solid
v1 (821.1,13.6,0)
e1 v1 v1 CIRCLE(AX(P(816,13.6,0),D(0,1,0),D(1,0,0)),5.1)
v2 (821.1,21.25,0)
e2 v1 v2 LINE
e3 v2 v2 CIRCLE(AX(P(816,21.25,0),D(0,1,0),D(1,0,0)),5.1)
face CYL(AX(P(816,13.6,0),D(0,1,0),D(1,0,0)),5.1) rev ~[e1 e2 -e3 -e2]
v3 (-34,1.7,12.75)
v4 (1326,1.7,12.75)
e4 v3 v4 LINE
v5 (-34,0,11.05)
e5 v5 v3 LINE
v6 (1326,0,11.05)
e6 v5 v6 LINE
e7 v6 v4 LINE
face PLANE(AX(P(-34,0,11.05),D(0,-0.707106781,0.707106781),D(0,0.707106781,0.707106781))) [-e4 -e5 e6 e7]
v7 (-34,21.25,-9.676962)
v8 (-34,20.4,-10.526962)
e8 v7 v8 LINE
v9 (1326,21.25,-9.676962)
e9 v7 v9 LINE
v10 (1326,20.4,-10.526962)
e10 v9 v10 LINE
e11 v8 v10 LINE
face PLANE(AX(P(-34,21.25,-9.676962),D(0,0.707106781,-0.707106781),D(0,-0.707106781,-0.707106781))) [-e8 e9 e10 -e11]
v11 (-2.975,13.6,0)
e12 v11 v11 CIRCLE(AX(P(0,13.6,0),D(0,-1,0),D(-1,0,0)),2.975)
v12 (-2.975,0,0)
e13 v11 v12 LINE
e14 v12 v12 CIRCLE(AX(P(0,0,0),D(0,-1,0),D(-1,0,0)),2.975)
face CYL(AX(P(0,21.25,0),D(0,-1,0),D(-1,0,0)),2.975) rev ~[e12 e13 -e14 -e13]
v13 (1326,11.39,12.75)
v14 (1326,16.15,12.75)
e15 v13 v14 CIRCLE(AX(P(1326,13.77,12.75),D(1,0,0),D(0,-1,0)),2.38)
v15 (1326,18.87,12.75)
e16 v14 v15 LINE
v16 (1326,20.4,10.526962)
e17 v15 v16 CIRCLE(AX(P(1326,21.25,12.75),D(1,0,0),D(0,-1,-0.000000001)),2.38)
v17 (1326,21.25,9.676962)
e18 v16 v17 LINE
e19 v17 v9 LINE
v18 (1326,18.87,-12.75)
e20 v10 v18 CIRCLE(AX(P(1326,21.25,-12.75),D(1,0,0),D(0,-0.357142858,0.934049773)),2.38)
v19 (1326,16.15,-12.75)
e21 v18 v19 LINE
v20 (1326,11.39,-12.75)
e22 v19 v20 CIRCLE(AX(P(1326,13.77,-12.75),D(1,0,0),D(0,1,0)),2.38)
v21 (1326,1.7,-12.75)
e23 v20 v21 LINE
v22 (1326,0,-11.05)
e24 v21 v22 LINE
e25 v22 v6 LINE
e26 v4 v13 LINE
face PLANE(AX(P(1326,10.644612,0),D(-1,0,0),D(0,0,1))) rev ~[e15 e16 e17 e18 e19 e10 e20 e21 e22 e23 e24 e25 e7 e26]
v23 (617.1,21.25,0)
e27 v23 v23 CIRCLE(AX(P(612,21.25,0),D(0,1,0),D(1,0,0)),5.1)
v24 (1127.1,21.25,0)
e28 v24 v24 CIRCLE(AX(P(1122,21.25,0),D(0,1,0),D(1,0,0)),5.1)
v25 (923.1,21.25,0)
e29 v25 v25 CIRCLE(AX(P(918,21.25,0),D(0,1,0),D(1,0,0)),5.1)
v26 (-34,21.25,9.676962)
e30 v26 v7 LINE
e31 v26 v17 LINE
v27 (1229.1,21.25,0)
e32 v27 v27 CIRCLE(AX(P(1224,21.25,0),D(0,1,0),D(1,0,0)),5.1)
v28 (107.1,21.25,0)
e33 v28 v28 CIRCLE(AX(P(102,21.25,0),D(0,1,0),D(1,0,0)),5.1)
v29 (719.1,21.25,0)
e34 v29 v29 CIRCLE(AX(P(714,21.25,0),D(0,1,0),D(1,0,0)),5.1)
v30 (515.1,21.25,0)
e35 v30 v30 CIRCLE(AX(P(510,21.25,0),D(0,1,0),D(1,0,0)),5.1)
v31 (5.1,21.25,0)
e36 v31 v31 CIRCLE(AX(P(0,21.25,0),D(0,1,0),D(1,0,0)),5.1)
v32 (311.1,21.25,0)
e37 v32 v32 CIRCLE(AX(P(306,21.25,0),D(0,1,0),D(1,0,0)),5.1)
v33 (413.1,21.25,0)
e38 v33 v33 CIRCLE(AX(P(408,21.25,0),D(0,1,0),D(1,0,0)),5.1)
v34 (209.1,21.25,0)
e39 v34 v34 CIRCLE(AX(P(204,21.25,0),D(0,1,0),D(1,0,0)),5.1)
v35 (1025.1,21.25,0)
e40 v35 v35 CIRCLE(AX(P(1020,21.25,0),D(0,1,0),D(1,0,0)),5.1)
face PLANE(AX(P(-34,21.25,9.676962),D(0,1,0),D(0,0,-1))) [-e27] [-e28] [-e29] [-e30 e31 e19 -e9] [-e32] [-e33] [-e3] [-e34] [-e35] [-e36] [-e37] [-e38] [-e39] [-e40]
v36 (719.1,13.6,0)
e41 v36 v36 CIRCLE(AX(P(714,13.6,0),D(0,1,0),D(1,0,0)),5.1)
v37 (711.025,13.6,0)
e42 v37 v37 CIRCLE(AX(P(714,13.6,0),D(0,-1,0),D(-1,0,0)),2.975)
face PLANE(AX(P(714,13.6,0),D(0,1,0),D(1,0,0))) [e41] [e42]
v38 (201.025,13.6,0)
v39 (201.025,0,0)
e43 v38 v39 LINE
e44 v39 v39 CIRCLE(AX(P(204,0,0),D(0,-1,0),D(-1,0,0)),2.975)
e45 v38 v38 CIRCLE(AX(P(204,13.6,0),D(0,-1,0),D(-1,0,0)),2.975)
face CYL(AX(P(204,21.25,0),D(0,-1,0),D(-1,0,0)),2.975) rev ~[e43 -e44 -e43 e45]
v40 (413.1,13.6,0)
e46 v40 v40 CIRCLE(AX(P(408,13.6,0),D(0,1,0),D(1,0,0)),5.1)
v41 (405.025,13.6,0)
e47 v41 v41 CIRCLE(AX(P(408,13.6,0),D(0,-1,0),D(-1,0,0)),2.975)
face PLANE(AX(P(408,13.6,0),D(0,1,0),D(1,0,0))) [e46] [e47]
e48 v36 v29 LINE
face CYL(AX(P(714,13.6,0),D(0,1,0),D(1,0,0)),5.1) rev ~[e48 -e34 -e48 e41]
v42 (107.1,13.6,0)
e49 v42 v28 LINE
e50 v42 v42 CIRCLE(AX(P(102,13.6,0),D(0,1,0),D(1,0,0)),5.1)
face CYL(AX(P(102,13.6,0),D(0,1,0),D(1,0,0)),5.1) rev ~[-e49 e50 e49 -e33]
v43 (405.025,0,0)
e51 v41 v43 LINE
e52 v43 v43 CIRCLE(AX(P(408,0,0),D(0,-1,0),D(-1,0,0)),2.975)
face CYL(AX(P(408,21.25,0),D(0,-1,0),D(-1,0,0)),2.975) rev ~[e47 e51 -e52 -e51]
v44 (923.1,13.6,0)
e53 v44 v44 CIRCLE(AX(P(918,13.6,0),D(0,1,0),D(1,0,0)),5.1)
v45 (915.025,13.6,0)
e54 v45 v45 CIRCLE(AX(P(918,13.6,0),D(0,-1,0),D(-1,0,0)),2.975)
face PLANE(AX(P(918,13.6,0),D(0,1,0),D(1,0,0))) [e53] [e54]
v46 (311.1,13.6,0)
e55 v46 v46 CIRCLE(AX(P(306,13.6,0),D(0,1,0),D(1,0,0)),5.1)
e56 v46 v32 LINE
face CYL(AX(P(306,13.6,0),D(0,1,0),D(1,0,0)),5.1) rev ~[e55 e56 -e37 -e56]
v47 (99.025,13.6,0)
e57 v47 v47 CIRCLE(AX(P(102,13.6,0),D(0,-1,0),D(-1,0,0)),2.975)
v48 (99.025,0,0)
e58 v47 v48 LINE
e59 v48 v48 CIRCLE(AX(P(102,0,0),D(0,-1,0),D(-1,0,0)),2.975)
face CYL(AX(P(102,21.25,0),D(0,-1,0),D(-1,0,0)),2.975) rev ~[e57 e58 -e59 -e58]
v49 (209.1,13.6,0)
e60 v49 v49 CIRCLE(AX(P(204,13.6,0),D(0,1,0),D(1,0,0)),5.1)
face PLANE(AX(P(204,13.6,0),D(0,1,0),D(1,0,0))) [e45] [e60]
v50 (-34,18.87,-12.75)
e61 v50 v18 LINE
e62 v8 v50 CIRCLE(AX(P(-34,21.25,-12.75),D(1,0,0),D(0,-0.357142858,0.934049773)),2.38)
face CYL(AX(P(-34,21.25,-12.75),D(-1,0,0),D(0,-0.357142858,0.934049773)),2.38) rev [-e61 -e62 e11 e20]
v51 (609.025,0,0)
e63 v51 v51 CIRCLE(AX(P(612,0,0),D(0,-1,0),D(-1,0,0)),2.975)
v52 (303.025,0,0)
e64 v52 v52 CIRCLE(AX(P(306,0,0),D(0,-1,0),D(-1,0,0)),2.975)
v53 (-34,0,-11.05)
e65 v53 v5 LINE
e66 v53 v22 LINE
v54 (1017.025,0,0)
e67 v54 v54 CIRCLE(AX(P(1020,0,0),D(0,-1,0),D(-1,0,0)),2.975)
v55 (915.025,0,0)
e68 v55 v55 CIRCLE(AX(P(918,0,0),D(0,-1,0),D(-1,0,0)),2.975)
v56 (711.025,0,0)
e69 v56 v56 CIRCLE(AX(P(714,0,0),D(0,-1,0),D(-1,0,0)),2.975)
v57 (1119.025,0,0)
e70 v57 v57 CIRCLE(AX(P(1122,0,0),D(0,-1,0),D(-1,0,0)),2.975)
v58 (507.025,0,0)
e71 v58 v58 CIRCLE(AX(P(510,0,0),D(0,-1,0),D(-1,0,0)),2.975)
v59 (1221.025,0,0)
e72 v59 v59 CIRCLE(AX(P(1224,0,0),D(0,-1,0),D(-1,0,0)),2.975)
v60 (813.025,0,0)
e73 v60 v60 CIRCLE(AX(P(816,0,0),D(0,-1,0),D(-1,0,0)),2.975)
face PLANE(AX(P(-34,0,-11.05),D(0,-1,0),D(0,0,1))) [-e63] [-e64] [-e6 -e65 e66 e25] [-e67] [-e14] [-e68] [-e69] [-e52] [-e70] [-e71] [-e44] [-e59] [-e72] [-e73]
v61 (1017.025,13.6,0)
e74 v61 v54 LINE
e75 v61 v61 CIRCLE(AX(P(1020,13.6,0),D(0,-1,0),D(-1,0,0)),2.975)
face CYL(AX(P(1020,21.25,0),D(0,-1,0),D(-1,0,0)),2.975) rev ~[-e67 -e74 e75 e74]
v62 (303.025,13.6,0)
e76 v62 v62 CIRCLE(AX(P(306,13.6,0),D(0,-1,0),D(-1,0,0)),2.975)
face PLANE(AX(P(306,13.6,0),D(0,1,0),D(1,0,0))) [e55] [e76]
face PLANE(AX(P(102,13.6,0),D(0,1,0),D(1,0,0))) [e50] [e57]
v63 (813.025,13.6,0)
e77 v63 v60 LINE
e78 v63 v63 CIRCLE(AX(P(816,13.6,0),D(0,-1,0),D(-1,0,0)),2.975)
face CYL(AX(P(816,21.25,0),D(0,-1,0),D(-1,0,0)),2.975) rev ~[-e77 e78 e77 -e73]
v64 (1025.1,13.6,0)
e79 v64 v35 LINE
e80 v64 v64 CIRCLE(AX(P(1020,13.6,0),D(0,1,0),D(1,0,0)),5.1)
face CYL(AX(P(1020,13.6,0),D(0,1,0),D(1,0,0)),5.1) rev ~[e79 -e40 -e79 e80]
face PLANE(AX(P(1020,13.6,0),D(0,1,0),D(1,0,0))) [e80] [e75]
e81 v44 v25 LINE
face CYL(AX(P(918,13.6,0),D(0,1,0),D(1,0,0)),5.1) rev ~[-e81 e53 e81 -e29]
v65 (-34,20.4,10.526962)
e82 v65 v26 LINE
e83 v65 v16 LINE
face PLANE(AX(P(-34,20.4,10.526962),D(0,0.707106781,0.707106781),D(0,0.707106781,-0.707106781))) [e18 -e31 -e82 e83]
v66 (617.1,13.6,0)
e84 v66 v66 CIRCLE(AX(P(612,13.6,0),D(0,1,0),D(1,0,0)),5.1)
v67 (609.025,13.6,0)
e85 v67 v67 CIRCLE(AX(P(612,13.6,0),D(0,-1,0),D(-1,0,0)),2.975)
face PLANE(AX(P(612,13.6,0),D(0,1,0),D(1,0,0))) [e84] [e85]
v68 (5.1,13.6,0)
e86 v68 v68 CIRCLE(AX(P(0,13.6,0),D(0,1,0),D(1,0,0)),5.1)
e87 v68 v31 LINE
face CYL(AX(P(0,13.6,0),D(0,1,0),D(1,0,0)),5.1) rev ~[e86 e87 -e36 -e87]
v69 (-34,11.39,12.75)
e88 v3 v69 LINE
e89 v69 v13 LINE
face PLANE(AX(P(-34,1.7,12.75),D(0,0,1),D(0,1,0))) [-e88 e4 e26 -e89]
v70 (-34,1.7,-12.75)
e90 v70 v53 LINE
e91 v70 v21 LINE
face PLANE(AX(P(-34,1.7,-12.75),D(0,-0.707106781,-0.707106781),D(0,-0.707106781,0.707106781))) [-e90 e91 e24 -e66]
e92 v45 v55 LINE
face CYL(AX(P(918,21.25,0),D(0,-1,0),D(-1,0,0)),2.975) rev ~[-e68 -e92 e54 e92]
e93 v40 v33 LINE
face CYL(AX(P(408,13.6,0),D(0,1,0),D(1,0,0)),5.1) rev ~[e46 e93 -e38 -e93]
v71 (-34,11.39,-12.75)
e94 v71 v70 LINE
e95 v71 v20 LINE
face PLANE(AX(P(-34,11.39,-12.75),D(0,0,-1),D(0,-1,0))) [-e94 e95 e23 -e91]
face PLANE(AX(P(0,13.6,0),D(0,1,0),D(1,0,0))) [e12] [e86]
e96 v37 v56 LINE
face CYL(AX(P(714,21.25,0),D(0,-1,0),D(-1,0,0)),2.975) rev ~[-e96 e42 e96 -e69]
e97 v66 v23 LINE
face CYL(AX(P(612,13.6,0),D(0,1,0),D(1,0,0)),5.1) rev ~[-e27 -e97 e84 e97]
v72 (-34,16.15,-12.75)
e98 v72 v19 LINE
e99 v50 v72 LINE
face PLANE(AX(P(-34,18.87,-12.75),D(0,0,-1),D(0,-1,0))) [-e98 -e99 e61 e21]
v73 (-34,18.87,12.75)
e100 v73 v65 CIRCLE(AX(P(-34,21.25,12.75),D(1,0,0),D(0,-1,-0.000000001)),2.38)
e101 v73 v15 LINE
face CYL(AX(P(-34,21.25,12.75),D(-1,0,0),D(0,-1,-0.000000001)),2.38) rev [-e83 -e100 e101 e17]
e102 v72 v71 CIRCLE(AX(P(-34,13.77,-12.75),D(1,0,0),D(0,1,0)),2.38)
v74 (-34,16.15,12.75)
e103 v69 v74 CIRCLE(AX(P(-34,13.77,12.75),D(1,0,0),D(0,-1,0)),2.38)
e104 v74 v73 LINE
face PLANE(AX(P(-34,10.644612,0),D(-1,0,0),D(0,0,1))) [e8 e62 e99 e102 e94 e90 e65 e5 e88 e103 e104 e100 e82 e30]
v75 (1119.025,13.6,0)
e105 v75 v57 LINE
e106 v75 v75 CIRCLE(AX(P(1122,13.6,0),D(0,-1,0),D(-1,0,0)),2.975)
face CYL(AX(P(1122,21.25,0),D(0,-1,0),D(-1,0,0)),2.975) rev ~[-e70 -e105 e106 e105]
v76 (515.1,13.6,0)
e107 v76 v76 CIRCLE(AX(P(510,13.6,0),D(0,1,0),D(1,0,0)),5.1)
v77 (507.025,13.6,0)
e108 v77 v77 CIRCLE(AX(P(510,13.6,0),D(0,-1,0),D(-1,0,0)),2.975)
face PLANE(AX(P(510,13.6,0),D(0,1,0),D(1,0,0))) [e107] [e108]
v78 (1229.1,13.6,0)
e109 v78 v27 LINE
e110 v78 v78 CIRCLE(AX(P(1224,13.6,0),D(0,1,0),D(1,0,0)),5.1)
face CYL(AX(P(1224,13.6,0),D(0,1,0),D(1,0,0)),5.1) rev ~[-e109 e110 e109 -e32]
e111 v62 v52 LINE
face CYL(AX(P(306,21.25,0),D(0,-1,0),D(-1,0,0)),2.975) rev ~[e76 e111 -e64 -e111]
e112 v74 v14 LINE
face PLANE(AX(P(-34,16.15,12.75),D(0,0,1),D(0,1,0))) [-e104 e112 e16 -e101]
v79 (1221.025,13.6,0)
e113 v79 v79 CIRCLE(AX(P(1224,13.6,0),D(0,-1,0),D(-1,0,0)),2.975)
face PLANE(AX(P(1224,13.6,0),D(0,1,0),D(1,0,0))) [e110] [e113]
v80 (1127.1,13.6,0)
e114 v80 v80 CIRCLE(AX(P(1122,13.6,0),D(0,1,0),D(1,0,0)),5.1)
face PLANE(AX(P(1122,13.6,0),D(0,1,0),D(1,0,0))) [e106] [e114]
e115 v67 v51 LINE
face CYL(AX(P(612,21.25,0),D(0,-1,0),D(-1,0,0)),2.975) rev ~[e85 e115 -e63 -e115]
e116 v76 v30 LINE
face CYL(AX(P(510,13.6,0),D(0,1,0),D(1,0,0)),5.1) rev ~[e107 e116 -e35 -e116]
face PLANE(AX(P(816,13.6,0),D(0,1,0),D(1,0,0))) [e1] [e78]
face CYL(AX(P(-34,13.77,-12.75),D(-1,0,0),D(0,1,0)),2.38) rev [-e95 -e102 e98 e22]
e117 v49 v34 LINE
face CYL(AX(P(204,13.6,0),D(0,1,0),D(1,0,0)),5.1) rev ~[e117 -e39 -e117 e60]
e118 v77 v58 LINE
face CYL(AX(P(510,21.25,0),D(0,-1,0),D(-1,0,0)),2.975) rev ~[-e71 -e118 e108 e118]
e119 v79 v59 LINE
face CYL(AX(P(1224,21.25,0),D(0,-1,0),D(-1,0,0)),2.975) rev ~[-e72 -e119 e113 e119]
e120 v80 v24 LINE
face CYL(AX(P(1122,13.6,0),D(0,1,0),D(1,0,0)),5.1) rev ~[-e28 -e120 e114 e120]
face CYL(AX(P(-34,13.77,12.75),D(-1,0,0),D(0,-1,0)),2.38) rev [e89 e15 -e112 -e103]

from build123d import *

# Parameters (mm, degrees)
BOSS_EXTRUDE1_DEPTH    = 800
CAP_SCREW1_D           = 3.5
CAP_SCREW1_CBORE_D     = 6
CAP_SCREW1_CBORE_DEPTH = 4.5
SCALE_1_SCALE          = 1.7


with BuildPart() as part:
    # Sketch1 → Boss-Extrude1 (new body)
    with BuildSketch(Plane(origin=(-20, 0, 0), x_dir=(0, 0, -1), z_dir=(1, 0, 0))):
        with BuildLine():
            Line((-5.692330317, 12.5), (5.692330317, 12.5))
            Line((5.692330317, 12.5), (6.192330317, 12))
            ThreePointArc((6.192330317, 12), (6.706274607, 11.346743741), (7.5, 11.1))
            Line((7.5, 11.1), (7.5, 9.5))
            ThreePointArc((7.5, 9.5), (6.1, 8.1), (7.5, 6.7))
            Line((7.5, 6.7), (7.5, 1))
            Line((7.5, 1), (6.5, 0))
            Line((6.5, 0), (-6.5, 0))
            Line((-6.5, 0), (-7.5, 1))
            Line((-7.5, 1), (-7.5, 6.7))
            ThreePointArc((-7.5, 6.7), (-6.1, 8.1), (-7.5, 9.5))
            Line((-7.5, 9.5), (-7.5, 11.1))
            ThreePointArc((-7.5, 11.1), (-6.706274607, 11.346743741), (-6.192330317, 12))
            Line((-6.192330317, 12), (-5.692330317, 12.5))
        make_face()
    extrude(amount=BOSS_EXTRUDE1_DEPTH)

    # Cap Screw1 (through all)
    with Locations(Plane(origin=(0, 12.5, 0), x_dir=(1, 0, 0), z_dir=(0, 1, 0))):
        with Locations((0, 0), (60, 0), (120, 0), (180, 0), (240, 0), (300, 0), (360, 0), (420, 0), (480, 0), (540, 0), (600, 0), (660, 0), (720, 0)):
            CounterBoreHole(CAP_SCREW1_D / 2, CAP_SCREW1_CBORE_D / 2, CAP_SCREW1_CBORE_DEPTH)


with BuildPart() as part_1:
    # 缩放比例1: scaled about (0, 0, 0)
    add(part.part.scale(SCALE_1_SCALE))


solid = part_1.part
